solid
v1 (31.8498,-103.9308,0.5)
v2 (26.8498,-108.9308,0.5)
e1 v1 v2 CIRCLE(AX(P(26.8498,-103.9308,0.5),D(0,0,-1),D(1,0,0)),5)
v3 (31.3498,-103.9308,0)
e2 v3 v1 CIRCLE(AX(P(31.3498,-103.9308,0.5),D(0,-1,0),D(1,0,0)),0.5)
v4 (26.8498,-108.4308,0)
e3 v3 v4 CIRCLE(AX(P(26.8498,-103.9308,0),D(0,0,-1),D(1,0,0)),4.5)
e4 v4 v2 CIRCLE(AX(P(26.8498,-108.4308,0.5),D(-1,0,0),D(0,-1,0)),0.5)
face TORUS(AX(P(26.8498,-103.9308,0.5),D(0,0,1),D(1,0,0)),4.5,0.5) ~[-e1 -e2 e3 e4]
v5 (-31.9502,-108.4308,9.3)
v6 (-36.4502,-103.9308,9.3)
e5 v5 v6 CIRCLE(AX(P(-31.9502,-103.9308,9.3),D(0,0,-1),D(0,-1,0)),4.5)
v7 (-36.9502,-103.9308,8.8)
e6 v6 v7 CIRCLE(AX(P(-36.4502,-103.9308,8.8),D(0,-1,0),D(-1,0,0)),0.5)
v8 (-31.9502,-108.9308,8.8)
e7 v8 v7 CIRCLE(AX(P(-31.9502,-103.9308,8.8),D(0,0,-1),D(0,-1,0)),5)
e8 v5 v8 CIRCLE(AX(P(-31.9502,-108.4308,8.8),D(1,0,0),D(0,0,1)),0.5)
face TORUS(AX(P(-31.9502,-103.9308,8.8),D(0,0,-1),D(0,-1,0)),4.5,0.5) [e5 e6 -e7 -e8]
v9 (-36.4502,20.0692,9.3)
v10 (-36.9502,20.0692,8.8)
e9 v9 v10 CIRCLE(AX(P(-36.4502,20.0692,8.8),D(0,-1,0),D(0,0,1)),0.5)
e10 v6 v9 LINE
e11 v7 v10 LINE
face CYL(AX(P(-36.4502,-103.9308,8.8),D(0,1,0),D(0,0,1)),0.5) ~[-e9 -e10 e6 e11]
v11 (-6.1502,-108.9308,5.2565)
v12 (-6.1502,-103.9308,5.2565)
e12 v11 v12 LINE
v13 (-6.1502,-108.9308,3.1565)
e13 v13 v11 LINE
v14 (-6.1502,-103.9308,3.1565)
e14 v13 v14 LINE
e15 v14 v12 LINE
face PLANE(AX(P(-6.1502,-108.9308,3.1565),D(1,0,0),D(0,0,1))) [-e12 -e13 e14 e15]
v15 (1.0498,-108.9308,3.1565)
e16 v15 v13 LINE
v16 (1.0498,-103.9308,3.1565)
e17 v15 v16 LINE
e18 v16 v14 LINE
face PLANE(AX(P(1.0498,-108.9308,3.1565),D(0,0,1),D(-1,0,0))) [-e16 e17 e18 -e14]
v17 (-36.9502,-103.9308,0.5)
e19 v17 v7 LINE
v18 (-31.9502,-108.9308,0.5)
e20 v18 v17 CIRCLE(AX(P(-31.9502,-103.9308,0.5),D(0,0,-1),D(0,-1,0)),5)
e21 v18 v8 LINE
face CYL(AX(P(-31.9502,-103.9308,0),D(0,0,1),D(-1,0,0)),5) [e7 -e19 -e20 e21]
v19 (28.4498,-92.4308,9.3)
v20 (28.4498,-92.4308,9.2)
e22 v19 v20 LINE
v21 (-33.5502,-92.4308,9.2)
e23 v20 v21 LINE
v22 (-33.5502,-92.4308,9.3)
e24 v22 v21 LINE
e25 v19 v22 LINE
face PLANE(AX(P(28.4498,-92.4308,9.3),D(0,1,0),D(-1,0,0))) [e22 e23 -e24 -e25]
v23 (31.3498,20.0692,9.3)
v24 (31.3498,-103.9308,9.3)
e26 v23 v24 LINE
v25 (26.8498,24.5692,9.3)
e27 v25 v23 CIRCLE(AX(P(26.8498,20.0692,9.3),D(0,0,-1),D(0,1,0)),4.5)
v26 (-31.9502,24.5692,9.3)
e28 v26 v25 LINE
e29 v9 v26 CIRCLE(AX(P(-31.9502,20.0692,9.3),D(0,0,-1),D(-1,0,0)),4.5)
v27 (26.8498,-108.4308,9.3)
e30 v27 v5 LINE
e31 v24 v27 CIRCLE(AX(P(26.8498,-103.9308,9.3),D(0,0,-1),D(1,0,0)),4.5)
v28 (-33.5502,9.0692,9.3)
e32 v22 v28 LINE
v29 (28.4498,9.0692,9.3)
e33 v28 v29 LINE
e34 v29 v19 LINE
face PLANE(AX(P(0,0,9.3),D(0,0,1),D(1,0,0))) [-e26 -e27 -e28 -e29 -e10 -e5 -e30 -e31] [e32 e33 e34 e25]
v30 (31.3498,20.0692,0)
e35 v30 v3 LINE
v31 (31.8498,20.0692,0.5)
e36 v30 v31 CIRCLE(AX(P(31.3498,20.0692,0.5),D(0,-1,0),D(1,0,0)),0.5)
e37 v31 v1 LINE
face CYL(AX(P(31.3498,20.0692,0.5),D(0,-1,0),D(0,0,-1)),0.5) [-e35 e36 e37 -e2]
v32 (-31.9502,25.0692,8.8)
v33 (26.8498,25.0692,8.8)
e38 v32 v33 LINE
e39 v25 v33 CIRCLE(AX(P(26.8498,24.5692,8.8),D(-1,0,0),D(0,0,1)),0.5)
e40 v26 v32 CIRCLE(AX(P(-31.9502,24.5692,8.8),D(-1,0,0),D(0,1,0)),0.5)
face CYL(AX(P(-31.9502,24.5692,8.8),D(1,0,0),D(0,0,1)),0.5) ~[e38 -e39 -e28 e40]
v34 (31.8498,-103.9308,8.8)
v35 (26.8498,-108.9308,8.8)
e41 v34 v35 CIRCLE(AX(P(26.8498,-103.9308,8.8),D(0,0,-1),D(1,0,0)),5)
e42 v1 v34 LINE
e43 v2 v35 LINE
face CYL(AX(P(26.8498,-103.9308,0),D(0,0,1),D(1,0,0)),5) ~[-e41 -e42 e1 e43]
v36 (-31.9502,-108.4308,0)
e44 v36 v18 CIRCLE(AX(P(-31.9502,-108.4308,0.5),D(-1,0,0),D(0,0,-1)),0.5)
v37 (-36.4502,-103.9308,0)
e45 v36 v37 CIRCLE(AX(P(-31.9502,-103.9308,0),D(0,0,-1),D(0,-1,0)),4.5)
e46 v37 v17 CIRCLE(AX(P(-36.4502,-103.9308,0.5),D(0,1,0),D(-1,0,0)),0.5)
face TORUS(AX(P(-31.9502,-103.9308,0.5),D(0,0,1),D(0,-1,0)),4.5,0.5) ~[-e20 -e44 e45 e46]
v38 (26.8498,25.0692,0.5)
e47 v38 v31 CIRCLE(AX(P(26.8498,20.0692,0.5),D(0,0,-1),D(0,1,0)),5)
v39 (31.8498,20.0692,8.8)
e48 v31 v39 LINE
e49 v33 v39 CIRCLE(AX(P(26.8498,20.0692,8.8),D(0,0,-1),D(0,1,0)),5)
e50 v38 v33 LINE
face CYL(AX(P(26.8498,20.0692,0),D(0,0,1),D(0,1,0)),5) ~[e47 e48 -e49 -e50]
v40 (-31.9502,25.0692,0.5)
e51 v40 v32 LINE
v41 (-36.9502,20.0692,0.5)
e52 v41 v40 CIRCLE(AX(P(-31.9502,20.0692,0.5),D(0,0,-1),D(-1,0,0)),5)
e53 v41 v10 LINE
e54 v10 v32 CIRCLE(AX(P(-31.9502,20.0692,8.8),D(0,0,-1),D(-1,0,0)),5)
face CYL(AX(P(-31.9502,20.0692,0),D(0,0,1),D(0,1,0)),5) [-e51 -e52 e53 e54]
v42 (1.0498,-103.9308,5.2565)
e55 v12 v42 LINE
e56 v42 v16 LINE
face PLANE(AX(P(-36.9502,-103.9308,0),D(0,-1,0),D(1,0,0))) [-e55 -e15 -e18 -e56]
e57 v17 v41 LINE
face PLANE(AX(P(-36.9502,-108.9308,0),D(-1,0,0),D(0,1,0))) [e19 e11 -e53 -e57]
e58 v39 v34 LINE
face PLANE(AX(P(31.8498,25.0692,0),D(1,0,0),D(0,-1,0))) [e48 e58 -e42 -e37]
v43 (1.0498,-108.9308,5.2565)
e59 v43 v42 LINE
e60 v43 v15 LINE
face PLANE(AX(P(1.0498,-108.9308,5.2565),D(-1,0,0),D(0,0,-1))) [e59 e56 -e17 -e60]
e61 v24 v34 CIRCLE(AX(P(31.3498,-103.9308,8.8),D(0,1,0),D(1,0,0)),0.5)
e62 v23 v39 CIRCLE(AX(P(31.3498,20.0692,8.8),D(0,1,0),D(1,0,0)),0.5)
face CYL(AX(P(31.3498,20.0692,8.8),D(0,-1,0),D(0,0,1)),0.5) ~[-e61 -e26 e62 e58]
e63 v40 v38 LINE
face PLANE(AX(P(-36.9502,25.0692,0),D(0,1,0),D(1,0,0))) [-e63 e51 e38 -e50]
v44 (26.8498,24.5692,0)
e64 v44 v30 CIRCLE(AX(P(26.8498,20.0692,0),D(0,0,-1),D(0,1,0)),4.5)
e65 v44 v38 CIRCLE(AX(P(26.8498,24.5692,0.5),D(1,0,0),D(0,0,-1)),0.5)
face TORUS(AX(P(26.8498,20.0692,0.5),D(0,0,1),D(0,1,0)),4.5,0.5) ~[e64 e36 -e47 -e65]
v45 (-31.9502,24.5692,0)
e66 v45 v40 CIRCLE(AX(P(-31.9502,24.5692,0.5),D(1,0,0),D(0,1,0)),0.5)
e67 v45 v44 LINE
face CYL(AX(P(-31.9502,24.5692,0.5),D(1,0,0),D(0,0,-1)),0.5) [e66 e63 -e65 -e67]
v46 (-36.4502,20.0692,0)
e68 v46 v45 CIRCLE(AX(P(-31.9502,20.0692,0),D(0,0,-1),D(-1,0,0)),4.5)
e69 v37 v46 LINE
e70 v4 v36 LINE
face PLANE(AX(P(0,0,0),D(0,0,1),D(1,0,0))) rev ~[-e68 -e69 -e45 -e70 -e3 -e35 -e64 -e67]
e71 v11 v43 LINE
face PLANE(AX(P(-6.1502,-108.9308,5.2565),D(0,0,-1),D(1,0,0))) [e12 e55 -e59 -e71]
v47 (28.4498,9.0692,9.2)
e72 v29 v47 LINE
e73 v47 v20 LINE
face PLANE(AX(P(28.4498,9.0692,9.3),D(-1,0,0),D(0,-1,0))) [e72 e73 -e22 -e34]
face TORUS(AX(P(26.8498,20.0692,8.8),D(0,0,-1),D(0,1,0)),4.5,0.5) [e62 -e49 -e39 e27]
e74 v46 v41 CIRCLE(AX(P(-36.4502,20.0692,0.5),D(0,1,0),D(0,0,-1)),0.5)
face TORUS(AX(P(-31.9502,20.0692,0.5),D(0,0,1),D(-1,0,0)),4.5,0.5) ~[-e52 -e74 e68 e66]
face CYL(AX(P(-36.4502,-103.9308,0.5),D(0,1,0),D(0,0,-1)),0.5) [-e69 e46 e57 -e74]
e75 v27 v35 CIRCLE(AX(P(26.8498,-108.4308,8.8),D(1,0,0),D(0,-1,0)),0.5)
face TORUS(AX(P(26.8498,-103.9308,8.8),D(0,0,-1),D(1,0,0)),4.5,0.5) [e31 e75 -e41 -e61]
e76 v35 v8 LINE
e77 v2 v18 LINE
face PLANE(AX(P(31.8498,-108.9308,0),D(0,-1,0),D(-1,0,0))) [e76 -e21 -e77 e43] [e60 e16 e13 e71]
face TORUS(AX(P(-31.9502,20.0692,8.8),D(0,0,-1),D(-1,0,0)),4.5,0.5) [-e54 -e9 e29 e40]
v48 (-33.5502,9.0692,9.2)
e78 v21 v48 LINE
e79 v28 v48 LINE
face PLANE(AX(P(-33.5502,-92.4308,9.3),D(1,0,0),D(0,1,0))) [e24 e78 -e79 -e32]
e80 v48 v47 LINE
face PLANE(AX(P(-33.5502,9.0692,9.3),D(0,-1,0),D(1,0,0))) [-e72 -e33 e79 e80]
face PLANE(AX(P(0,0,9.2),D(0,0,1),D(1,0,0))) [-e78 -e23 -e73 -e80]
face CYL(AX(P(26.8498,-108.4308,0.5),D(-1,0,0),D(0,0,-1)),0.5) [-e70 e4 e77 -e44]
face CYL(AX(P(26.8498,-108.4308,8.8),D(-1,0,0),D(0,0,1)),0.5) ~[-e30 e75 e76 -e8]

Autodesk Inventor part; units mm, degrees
ref_plane "YZ Plane" through (0, 0, 0) normal (1, 0, 0) x (0, 1, 0)
ref_plane "XZ Plane" through (0, 0, 0) normal (0, 1, 0) x (-1, 0, 0)
ref_plane "XY Plane" through (0, 0, 0) normal (0, 0, 1) x (1, 0, 0)
sketch "Sketch1" plane through (0, 0, 0) normal (0, 0, 1) x (1, 0, 0)
  line L0 (-36.9502, 25.0692) -> (31.8498, 25.0692)
  line L1 (31.8498, 25.0692) -> (31.8498, -108.9308)
  line L2 (31.8498, -108.9308) -> (-36.9502, -108.9308)
  line L3 (-36.9502, -108.9308) -> (-36.9502, 25.0692)
  point P0 (0, 0)
  dimension "d0" = 68.8
  dimension "d1" = 134
extrude "Extrusion1" add sketch "Sketch1" along normal blind 9.3
sketch "Sketch2" plane through (0, 0, 9.3) normal (0, 0, 1) x (1, 0, 0)
  line L0 (-33.5502, 9.0692) -> (28.4498, 9.0692)
  line L1 (28.4498, 9.0692) -> (28.4498, -92.4308)
  line L2 (28.4498, -92.4308) -> (-33.5502, -92.4308)
  line L3 (-33.5502, -92.4308) -> (-33.5502, 9.0692)
  line L4 (-36.9502, 25.0692) -> (-36.9502, -108.9308) projected
  line L5 (31.8498, 25.0692) -> (-36.9502, 25.0692) projected
  line L6 (-36.9502, -108.9308) -> (31.8498, -108.9308) projected
  point P0 (0, 0)
  dimension "d4" = 62
  dimension "d5" = 3.4
  dimension "d6" = 16
  dimension "d7" = 16.5
extrude "Extrusion2" cut sketch "Sketch2" against normal blind 0.1
sketch "Sketch3" plane through (-36.9502, -108.9308, 0) normal (0, -1, 0) x (1, 0, 0)
  line L0 (30.8, 5.2565) -> (38, 5.2565)
  line L1 (38, 5.2565) -> (38, 3.1565)
  line L2 (38, 3.1565) -> (30.8, 3.1565)
  line L3 (30.8, 3.1565) -> (30.8, 5.2565)
  line L4 (0, 0) -> (0, 9.3) projected
  point P0 (36.9502, 0)
  dimension "d10" = 7.2
  dimension "d11" = 2.1
  dimension "d12" = 30.8
extrude "Extrusion3" cut sketch "Sketch3" against normal blind 5
fillet "Fillet1" radius 5 4 edges at (31.8498, -108.9308, 4.65) (-36.9502, -108.9308, 4.65) (31.8498, 25.0692, 4.65) (-36.9502, 25.0692, 4.65)
fillet "Fillet2" radius 0.5 16 edges at (30.3853, -107.4663, 9.3) (31.8498, -41.9308, 9.3) (30.3853, 23.6048, 9.3) (-2.5502, 25.0692, 9.3) (-35.4858, 23.6048, 9.3) (-36.9502, -41.9308, 9.3) (-35.4858, -107.4663, 9.3) (-2.5502, -108.9308, 9.3) (30.3853, -107.4663, 0) (-2.5502, -108.9308, 0) (-35.4858, -107.4663, 0) (-36.9502, -41.9308, 0) (-35.4858, 23.6048, 0) (-2.5502, 25.0692, 0) (30.3853, 23.6048, 0) (31.8498, -41.9308, 0)
properties part number "Nexus4"
